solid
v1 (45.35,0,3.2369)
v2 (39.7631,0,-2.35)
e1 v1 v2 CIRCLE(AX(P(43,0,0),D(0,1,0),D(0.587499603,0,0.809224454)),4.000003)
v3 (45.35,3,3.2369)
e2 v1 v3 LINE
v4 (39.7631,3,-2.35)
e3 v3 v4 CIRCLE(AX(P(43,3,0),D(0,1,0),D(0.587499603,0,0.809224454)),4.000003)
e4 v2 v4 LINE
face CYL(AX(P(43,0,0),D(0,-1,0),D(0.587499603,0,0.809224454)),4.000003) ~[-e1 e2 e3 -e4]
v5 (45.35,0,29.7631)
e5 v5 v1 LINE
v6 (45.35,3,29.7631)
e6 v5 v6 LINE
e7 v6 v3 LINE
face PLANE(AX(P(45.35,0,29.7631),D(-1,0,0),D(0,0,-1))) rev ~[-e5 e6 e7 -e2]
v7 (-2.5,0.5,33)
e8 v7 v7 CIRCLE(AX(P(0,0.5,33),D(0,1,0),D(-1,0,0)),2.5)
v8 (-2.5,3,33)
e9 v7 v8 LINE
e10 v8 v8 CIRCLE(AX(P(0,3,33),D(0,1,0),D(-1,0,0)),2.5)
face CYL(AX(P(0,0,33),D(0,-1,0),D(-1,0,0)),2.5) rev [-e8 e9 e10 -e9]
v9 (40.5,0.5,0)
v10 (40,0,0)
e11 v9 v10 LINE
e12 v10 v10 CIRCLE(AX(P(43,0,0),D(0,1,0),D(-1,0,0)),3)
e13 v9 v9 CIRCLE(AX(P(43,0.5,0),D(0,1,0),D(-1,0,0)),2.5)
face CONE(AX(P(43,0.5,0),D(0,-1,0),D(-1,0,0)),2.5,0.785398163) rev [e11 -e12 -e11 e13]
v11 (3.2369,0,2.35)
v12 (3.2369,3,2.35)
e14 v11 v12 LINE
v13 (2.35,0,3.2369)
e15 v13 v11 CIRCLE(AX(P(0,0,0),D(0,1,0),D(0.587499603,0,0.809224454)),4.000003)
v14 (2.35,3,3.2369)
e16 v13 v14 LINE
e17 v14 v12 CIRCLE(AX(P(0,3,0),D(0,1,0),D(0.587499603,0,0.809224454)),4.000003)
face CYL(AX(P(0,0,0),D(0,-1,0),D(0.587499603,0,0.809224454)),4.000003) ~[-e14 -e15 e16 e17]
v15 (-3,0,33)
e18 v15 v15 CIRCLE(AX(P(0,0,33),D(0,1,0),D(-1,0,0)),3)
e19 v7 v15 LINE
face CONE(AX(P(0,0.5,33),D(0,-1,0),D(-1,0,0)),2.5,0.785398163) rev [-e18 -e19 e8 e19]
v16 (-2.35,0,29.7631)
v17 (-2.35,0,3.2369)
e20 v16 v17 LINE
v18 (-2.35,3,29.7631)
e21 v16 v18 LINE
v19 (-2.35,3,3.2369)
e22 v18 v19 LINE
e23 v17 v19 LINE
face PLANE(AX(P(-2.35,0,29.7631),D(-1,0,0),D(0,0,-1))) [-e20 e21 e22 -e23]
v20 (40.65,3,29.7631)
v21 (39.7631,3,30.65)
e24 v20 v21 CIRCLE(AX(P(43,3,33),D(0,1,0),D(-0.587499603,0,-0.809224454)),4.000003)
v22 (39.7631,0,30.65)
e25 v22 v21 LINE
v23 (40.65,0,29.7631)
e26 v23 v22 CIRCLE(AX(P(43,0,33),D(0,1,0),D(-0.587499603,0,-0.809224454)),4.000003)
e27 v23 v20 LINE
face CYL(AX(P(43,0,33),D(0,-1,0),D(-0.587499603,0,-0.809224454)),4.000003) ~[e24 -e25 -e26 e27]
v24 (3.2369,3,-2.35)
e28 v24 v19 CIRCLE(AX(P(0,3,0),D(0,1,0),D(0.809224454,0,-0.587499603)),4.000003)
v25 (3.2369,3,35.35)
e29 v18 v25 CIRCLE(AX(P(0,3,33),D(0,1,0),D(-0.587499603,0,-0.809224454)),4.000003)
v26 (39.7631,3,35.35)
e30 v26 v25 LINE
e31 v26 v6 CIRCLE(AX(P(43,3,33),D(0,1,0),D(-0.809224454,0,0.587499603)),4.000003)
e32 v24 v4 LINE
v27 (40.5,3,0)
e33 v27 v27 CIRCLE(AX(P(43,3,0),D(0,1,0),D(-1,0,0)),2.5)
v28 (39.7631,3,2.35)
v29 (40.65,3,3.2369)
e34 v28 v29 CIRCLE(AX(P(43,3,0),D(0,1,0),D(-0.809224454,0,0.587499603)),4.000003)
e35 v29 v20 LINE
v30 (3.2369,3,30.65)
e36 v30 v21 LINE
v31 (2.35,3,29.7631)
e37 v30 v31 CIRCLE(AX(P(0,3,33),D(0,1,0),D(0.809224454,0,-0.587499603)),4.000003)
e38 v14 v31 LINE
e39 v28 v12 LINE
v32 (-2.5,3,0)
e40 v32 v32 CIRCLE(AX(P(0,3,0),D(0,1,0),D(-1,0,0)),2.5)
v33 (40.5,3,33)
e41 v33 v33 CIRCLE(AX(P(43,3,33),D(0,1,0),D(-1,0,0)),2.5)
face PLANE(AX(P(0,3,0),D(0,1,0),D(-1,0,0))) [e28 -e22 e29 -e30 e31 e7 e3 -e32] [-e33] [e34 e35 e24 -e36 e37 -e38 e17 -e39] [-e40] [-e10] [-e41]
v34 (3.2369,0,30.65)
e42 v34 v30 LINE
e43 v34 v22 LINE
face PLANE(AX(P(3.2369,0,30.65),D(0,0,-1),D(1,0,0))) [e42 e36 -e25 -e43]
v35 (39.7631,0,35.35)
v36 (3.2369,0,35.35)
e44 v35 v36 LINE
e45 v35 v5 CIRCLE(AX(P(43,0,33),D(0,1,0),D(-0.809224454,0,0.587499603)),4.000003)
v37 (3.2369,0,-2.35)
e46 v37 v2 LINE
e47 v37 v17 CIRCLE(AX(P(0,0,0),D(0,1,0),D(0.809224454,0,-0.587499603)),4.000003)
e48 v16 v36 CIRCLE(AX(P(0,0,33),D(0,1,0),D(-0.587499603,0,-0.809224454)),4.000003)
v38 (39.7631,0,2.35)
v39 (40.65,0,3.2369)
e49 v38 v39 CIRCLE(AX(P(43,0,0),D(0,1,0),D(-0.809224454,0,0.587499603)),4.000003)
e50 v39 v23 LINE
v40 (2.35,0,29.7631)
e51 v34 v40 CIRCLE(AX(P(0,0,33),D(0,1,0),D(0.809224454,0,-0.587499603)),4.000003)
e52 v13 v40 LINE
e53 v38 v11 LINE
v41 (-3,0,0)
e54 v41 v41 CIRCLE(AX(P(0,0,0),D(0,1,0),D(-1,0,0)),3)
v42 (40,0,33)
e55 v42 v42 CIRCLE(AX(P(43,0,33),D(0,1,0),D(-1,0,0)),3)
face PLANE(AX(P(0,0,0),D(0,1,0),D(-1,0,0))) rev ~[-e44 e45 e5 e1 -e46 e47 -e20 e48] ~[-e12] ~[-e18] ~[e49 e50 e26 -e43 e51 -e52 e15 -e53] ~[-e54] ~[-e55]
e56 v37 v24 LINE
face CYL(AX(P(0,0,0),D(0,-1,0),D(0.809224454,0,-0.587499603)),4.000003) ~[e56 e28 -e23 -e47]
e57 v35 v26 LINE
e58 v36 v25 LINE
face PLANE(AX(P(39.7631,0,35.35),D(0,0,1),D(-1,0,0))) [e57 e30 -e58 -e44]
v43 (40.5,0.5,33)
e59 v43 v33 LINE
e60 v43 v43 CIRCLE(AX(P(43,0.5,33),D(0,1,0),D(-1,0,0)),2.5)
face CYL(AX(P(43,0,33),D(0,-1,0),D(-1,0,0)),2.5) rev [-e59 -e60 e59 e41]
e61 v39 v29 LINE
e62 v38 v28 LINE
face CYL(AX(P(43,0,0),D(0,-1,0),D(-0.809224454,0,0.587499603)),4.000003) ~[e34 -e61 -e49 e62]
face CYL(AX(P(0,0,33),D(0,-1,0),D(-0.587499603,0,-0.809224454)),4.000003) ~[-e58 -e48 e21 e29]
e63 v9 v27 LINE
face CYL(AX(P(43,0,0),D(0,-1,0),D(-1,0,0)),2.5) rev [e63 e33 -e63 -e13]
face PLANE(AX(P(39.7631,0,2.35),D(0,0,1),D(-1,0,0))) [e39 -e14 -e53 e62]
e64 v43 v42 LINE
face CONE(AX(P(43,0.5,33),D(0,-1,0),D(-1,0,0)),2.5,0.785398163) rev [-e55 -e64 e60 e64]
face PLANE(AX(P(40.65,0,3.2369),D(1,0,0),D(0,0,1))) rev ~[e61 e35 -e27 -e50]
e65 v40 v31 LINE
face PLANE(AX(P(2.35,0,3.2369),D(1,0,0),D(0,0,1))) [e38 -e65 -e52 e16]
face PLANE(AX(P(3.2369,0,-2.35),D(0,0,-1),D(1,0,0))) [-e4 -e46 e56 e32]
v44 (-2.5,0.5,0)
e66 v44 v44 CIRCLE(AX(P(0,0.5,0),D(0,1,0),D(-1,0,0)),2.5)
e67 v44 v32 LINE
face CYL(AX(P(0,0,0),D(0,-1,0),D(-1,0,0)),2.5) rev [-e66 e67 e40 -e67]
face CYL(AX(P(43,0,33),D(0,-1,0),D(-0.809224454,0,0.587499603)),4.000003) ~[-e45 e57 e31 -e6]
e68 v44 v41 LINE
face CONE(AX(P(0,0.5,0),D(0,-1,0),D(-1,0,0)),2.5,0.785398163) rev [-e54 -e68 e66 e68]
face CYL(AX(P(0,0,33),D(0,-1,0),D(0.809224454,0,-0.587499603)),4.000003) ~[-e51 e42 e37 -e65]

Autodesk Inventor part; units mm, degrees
ref_plane "YZ Plane" through (0, 0, 0) normal (1, 0, 0) x (0, 1, 0)
ref_plane "XZ Plane" through (0, 0, 0) normal (0, 1, 0) x (-1, 0, 0)
ref_plane "XY Plane" through (0, 0, 0) normal (0, 0, 1) x (1, 0, 0)
sketch "Sketch1" plane through (0, 0, 0) normal (0, 1, 0) x (-1, 0, 0)
  circle A0 centre (0, 0) radius 2.5
  circle A1 centre (-43, 0) radius 2.5
  circle A2 centre (0, 33) radius 2.5
  circle A3 centre (-43, 33) radius 2.5
  line L0 (-3.2369, 30.65) -> (-39.7631, 30.65)
  line L1 (-39.7631, 35.35) -> (-3.2369, 35.35)
  line L2 (2.35, 29.7631) -> (2.35, 3.2369)
  line L3 (-2.35, 3.2369) -> (-2.35, 29.7631)
  line L4 (-3.2369, -2.35) -> (-39.7631, -2.35)
  line L5 (-39.7631, 2.35) -> (-3.2369, 2.35)
  arc A4 (-3.2369, -2.35) -> (2.35, 3.2369) centre (0, 0) ccw
  arc A5 (-2.35, 3.2369) -> (-3.2369, 2.35) centre (0, 0) ccw
  arc A6 (2.35, 29.7631) -> (-3.2369, 35.35) centre (0, 33) ccw
  arc A7 (-3.2369, 30.65) -> (-2.35, 29.7631) centre (0, 33) ccw
  line L6 (-40.65, 3.2369) -> (-40.65, 29.7631)
  line L7 (-45.35, 29.7631) -> (-45.35, 3.2369)
  arc A8 (-39.7631, 35.35) -> (-45.35, 29.7631) centre (-43, 33) ccw
  arc A9 (-40.65, 29.7631) -> (-39.7631, 30.65) centre (-43, 33) ccw
  arc A10 (-45.35, 3.2369) -> (-39.7631, -2.35) centre (-43, 0) ccw
  arc A11 (-39.7631, 2.35) -> (-40.65, 3.2369) centre (-43, 0) ccw
  dimension "d0" = 5
  dimension "d2" = 5
  dimension "d4" = 5
  dimension "d6" = 5
  dimension "d8" = 4
  dimension "d9" = 4
  dimension "d10" = 4
  dimension "d11" = 4
  dimension "d12" = 4
  dimension "d13" = 4
  dimension "d14" = 4
  dimension "d15" = 4
  dimension "d16" = 33
  dimension "d17" = 4.7
  dimension "d18" = 4.7
  dimension "d19" = 4.7
  dimension "d20" = 4.7
  dimension "d21" = 2.35
  dimension "d22" = 2.35
  dimension "d23" = 2.35
  dimension "d24" = 2.35
  dimension "d25" = 43
extrude "Extrusion1" add sketch "Sketch1" along normal blind 3
chamfer "Chamfer1" distance 0.5 angle 45 4 edges at (2.5, 0, 33) (45.5, 0, 33) (45.5, 0, 0) (2.5, 0, 0)
properties part number "BasePlate"
